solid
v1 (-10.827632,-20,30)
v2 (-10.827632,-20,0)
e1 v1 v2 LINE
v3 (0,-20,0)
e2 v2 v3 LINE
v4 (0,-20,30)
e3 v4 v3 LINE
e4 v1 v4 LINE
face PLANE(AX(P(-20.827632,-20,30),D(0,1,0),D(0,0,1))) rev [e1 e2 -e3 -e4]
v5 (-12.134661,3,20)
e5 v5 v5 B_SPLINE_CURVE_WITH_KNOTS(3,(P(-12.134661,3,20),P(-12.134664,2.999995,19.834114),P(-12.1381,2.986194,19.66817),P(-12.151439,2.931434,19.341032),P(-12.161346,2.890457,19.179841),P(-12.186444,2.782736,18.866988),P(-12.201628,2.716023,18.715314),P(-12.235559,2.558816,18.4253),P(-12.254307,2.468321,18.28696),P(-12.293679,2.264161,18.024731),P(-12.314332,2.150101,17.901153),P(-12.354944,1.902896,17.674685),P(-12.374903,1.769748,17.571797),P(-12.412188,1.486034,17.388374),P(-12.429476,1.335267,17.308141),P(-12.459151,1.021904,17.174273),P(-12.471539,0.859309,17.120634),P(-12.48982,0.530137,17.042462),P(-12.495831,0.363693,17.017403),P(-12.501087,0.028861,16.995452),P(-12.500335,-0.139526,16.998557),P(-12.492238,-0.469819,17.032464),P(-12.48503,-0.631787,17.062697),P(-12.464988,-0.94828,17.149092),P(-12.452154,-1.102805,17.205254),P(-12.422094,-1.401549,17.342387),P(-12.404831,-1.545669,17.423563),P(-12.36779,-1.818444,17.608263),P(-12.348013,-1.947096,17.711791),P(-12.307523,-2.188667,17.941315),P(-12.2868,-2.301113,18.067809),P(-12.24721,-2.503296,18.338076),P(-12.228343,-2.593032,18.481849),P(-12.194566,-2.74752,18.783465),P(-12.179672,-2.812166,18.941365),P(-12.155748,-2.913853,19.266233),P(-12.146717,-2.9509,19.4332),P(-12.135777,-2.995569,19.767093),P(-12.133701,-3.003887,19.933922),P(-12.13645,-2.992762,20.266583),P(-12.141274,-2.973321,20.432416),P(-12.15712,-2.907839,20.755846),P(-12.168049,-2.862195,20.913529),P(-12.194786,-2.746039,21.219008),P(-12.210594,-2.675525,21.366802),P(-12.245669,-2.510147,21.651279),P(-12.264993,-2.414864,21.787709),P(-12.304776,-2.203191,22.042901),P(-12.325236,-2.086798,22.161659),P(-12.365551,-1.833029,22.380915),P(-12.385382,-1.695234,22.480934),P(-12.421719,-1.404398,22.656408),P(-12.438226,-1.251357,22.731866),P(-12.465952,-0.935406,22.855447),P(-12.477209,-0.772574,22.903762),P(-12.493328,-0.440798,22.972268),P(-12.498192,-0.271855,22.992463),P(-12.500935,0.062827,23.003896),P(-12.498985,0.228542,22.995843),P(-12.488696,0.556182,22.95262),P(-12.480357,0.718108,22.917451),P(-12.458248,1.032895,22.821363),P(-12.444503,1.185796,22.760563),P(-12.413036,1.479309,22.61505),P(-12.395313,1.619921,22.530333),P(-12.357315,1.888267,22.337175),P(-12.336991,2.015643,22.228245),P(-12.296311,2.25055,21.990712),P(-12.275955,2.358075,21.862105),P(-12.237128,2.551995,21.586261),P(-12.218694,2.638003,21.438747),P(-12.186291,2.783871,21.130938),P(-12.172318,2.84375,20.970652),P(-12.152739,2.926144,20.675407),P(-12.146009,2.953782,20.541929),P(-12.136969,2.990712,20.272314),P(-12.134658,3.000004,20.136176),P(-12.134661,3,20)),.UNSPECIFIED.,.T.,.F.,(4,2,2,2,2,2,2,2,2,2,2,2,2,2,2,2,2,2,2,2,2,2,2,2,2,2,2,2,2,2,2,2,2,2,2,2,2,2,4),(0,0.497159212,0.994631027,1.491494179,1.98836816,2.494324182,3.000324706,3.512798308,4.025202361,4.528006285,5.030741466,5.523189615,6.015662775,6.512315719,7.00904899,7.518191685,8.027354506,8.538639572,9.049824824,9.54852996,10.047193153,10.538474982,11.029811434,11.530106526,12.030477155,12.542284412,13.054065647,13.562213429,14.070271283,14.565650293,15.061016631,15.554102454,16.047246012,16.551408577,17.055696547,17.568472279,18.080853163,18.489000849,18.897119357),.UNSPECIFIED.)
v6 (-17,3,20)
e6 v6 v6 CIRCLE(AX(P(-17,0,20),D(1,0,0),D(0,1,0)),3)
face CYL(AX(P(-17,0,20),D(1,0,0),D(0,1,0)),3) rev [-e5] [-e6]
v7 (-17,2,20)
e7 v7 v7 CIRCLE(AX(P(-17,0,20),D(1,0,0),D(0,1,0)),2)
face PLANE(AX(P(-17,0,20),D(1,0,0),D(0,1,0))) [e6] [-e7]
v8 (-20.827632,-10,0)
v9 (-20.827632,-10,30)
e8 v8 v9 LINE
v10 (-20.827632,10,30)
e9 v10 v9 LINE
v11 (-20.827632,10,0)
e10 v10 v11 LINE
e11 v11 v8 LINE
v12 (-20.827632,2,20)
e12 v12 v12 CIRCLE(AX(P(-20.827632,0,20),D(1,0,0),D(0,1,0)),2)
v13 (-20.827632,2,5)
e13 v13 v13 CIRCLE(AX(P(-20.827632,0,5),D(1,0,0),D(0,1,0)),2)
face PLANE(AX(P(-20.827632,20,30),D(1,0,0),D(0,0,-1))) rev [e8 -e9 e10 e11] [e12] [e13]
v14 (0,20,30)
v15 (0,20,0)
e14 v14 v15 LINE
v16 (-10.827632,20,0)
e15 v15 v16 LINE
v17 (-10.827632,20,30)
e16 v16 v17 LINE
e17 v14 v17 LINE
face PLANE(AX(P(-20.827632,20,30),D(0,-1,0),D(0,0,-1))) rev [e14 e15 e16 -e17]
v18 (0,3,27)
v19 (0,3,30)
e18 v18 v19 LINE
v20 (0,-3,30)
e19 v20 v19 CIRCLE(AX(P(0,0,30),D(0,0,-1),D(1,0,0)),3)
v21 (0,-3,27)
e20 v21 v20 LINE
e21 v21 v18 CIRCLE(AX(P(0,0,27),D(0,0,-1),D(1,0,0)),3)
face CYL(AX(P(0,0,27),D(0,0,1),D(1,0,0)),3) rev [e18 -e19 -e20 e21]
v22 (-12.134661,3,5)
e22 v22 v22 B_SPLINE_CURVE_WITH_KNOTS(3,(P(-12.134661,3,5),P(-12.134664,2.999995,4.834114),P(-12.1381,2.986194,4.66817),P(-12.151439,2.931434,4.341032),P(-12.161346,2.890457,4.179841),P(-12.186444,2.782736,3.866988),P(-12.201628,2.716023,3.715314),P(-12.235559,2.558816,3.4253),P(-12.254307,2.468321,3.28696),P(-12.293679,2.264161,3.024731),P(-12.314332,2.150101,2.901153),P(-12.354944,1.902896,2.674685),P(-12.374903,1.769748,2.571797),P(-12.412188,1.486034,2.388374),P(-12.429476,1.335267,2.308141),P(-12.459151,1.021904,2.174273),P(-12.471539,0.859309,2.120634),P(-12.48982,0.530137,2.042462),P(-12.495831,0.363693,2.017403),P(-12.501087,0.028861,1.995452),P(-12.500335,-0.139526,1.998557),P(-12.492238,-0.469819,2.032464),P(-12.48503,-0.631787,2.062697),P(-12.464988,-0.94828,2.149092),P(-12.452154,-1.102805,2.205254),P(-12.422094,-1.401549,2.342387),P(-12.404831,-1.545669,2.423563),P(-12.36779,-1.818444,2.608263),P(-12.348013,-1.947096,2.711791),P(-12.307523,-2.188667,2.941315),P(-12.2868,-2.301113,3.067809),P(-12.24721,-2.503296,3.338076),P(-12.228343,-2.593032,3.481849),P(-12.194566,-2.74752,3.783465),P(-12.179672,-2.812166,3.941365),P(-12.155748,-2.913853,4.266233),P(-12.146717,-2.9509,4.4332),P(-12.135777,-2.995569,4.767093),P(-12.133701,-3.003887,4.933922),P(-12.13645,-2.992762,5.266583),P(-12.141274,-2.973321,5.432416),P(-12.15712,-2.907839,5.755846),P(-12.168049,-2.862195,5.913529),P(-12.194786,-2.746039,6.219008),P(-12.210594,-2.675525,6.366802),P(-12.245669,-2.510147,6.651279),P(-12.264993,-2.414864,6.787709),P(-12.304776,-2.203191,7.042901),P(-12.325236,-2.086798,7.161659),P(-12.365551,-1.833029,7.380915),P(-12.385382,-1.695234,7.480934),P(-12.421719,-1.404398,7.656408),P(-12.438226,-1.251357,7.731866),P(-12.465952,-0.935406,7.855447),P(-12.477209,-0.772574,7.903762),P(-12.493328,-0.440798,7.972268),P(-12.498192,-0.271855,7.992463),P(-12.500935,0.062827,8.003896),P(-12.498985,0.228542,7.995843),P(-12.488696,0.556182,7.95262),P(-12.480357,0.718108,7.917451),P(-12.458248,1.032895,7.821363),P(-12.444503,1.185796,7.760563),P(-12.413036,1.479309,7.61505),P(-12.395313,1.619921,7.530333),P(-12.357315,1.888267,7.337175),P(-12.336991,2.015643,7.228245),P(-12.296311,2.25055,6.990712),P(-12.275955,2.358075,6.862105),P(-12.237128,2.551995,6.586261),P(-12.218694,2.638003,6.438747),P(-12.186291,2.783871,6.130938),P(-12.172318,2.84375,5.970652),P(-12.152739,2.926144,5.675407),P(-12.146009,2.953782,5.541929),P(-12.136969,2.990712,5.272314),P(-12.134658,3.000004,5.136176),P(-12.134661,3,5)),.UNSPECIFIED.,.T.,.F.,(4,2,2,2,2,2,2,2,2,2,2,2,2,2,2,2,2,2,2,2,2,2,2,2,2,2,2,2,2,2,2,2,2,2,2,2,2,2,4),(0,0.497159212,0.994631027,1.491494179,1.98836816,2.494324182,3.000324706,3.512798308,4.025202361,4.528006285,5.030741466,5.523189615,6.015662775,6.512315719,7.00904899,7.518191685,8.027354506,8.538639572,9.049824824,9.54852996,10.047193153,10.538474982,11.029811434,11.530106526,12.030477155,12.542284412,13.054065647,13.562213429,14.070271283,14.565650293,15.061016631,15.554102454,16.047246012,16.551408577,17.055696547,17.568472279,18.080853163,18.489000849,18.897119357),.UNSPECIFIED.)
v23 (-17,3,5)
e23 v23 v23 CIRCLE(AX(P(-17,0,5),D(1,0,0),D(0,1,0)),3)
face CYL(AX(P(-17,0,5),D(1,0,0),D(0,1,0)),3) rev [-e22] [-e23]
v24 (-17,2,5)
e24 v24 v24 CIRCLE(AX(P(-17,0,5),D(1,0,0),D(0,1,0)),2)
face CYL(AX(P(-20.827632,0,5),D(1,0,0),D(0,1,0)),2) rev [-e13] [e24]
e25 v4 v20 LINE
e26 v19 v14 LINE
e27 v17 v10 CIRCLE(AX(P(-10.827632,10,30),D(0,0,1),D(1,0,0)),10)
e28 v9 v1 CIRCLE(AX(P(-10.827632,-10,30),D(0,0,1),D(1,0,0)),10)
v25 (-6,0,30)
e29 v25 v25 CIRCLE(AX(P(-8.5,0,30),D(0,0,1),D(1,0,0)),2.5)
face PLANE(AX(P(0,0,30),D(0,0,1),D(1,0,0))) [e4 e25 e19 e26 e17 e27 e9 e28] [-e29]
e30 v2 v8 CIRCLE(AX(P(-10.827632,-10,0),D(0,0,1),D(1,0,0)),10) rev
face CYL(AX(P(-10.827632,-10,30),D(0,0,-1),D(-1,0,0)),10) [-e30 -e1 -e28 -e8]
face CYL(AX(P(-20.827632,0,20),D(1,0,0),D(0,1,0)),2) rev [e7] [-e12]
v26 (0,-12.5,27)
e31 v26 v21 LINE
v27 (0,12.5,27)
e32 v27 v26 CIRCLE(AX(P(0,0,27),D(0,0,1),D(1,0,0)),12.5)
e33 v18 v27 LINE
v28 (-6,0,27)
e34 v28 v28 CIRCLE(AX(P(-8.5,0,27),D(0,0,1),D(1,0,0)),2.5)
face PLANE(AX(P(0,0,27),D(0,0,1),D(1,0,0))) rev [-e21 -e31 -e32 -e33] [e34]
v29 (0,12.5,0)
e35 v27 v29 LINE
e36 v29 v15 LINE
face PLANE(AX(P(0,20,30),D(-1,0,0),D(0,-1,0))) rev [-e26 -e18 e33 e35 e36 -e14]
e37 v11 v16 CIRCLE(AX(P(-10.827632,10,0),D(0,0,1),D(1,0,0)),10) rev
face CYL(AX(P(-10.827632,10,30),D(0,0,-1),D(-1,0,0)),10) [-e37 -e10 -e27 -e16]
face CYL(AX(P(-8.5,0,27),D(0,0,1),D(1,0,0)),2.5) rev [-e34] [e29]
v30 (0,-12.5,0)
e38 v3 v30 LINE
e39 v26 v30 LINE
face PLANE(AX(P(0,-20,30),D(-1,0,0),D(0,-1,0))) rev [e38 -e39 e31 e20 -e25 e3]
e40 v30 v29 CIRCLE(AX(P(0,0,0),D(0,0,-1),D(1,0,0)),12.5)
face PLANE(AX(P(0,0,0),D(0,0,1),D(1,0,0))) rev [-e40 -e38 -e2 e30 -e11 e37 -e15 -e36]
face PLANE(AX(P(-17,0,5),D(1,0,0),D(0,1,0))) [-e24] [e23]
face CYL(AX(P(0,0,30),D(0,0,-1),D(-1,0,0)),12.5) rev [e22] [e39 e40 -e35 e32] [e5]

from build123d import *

# Parameters (mm, degrees)
BOSS_EXTRUDE1_DEPTH = 30
BOSS_EXTRUDE2_START = -3
SKETCH2_R           = 2.5
BOSS_EXTRUDE2_DEPTH = 3
SKETCH3_R           = 2
CUT_EXTRUDE1_DEPTH  = 42.638807138
SKETCH3_4_R         = 3
SKETCH3_4_R_2       = 2
CUT_EXTRUDE7_DEPTH  = 17
FILLET1_R           = 10


with BuildPart() as part:
    # Sketch1 → Boss-Extrude1 (new body)
    with BuildSketch(Plane.XY):
        with BuildLine():
            Line((-20.827632123, 20), (0, 20))
            Line((0, 20), (0, 12.5))
            ThreePointArc((0, 12.5), (-12.5, 0), (0, -12.5))
            Line((0, -12.5), (0, -20))
            Line((0, -20), (-20.827632123, -20))
            Line((-20.827632123, -20), (-20.827632123, 20))
        make_face()
    extrude(amount=BOSS_EXTRUDE1_DEPTH)

    # Sketch2 → Boss-Extrude2 (add)
    with BuildSketch(Plane.XY.offset(30).offset(BOSS_EXTRUDE2_START)):
        with BuildLine():
            Line((0, 12.5), (0, 3))
            ThreePointArc((0, 3), (-3, 0), (0, -3))
            Line((0, -3), (0, -12.5))
            ThreePointArc((0, -12.5), (-12.5, 0), (0, 12.5))
        make_face()
        with Locations((-8.5, 0)):
            Circle(SKETCH2_R, mode=Mode.SUBTRACT)
    extrude(amount=BOSS_EXTRUDE2_DEPTH)

    # Sketch3 → Cut-Extrude1 (cut, through all)
    with BuildSketch(Plane(origin=(0, 0, 0), x_dir=(0, 0, -1), z_dir=(1, 0, 0))):
        with Locations((-5, 0)):
            Circle(SKETCH3_R)
        with Locations((-20, 0)):
            Circle(SKETCH3_R)
    extrude(amount=-CUT_EXTRUDE1_DEPTH, mode=Mode.SUBTRACT)

    # Sketch3<4> → Cut-Extrude7 (cut)
    # profile 1 of 2: a face of its own
    with BuildSketch(Plane(origin=(0, 0, 0), x_dir=(0, 0, -1), z_dir=(1, 0, 0))):
        with Locations((-5, 0)):
            Circle(SKETCH3_4_R)
        with Locations((-5, 0)):
            Circle(SKETCH3_4_R_2, mode=Mode.SUBTRACT)
    # profile 2 of 2: a face of its own
    with BuildSketch(Plane(origin=(0, 0, 0), x_dir=(0, 0, -1), z_dir=(1, 0, 0))):
        with Locations((-20, 0)):
            Circle(SKETCH3_4_R)
        with Locations((-20, 0)):
            Circle(SKETCH3_4_R_2, mode=Mode.SUBTRACT)
    extrude(amount=-CUT_EXTRUDE7_DEPTH, mode=Mode.SUBTRACT)

    # Fillet1
    fillet1_edges = [part.edges().sort_by_distance(p)[0] for p in [
        (-20.827632123, -20, 15),
        (-20.827632123, 20, 15),
    ]]
    fillet(fillet1_edges, radius=FILLET1_R)


solid = part.part
